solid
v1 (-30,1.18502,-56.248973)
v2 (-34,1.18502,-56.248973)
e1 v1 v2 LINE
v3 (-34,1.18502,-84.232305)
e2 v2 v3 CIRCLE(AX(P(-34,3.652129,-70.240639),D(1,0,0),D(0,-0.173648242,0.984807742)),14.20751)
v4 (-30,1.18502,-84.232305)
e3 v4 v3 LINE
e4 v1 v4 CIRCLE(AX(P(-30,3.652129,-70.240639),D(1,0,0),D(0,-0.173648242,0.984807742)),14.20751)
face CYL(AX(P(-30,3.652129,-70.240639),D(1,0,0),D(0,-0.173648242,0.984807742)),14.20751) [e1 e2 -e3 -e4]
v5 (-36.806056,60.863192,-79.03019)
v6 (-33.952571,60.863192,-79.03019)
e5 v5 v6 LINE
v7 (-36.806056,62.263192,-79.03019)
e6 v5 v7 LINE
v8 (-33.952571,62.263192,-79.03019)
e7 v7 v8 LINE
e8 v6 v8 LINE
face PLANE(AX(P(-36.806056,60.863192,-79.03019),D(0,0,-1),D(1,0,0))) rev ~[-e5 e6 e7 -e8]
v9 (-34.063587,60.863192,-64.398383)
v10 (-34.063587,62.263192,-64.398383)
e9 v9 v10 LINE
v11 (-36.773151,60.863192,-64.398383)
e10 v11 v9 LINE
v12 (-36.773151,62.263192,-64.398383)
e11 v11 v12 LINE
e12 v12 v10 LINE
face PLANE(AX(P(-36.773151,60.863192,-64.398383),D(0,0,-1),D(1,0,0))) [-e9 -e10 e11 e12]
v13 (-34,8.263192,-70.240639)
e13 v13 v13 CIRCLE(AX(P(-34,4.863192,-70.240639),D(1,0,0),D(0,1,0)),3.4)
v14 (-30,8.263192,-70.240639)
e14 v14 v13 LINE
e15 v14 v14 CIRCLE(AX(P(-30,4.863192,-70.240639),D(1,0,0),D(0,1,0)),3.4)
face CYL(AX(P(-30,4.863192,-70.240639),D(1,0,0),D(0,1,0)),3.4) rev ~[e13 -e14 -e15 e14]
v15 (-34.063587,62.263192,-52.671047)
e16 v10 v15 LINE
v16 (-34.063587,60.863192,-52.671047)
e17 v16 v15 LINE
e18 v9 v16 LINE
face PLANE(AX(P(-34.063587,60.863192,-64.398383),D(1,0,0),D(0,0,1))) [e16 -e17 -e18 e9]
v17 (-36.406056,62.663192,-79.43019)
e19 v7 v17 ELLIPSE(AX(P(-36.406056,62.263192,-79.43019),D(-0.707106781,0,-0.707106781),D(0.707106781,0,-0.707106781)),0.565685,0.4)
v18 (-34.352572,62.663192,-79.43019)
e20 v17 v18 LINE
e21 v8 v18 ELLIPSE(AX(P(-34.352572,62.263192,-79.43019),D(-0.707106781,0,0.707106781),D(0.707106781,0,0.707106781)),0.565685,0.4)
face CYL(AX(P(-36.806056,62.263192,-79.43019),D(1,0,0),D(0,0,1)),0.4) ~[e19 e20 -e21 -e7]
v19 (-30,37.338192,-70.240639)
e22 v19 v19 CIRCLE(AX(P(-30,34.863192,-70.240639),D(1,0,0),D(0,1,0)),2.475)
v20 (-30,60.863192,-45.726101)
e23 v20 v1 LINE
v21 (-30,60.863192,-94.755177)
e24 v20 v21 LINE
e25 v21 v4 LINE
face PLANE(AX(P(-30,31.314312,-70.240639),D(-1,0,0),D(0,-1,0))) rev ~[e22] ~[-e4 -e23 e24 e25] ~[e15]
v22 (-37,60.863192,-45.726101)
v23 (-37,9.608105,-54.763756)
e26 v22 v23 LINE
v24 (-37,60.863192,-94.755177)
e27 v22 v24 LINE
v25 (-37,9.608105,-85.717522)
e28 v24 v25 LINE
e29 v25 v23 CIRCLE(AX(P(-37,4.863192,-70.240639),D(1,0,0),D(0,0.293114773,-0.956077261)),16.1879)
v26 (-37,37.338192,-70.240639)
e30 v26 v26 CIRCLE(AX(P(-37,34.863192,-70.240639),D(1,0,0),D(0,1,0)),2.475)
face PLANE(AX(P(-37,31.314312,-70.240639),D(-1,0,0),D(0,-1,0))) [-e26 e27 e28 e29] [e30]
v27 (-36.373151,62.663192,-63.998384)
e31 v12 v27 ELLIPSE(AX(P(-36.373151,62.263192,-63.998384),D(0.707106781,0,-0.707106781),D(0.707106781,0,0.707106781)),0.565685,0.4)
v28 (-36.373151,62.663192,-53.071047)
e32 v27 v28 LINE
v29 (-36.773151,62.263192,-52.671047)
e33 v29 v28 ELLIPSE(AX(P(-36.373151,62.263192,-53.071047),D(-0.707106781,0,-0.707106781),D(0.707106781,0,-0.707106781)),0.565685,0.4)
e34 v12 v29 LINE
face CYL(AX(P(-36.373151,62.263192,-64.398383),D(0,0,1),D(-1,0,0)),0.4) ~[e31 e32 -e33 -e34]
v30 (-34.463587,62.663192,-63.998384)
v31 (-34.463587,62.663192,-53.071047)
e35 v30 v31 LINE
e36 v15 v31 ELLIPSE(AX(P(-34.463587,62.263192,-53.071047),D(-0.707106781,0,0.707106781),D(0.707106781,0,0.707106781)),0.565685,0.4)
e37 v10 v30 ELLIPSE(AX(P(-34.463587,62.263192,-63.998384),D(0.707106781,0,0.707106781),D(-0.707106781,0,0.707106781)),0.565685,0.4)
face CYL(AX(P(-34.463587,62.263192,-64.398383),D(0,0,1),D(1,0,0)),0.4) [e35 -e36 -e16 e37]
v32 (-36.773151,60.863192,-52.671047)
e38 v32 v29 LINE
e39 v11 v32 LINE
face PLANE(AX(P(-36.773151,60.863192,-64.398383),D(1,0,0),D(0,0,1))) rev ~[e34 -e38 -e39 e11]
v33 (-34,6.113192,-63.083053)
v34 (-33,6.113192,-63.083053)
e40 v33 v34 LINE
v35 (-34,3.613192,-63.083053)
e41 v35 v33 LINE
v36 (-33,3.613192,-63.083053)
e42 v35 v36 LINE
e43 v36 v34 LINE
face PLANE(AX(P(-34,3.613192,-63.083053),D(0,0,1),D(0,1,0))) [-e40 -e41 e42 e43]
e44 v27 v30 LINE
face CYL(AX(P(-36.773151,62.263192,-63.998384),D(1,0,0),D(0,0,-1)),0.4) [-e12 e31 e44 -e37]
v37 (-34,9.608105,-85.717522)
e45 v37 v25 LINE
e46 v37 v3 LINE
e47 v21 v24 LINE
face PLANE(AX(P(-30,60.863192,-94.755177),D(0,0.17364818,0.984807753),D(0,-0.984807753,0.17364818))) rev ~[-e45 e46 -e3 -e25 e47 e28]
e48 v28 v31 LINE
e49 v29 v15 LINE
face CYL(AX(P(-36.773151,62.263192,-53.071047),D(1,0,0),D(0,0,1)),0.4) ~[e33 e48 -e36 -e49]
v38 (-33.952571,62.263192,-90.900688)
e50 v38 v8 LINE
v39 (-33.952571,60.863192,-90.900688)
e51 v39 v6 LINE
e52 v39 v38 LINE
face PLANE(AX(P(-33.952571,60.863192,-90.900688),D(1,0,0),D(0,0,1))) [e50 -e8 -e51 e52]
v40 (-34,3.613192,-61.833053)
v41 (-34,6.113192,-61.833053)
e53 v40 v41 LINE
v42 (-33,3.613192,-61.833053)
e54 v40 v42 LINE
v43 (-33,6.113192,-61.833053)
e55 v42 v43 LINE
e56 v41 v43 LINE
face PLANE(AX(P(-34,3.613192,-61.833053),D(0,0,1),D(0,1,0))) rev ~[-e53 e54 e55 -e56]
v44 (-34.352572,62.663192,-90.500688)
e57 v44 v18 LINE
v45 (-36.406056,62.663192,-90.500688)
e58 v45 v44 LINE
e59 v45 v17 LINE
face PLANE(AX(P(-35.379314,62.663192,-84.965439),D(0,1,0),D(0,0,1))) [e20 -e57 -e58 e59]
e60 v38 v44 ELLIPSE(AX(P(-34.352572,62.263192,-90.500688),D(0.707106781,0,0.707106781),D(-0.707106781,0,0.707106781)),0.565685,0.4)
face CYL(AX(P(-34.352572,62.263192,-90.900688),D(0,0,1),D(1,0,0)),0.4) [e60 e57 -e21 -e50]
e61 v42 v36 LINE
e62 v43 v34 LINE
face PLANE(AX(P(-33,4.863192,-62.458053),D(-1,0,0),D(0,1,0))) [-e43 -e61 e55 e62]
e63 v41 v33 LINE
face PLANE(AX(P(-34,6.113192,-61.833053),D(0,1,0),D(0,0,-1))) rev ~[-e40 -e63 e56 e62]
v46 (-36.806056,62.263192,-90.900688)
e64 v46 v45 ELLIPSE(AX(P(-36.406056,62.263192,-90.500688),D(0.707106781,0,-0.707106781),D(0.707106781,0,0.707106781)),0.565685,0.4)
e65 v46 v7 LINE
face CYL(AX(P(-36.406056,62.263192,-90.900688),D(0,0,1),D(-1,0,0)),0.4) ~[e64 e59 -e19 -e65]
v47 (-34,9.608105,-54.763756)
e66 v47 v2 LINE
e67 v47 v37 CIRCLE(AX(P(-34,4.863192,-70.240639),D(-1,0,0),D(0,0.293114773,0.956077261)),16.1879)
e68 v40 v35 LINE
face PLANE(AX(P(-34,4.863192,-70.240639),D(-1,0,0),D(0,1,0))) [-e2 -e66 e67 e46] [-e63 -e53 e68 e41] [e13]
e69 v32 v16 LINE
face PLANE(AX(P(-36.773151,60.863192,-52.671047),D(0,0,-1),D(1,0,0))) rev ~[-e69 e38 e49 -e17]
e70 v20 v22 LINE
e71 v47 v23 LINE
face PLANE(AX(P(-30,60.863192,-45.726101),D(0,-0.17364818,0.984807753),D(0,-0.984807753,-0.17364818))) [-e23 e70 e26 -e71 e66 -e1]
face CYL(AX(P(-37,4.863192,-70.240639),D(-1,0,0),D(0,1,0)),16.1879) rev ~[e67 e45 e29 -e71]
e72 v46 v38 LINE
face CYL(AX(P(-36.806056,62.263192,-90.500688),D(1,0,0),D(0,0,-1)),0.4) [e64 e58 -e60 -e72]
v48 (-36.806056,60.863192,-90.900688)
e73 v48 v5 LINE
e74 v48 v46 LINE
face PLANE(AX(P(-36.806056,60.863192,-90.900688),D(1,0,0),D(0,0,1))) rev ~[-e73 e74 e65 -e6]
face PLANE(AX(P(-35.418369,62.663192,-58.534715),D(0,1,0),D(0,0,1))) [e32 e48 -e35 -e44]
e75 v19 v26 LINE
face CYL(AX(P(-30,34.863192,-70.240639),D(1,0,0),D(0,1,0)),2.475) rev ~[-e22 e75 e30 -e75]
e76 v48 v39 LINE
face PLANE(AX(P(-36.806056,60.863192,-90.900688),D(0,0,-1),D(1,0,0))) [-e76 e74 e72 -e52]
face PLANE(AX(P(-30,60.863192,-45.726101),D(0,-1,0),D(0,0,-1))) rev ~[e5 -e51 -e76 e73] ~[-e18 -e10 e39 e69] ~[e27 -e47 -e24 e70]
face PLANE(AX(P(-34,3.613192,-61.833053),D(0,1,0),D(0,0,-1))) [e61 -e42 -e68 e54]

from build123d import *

# Parameters (mm, degrees)
SKETCH035_R     = 2.475
SKETCH035_R_2   = 3.4
PAD019_DEPTH    = 7
SKETCH036_W     = 11.870498
SKETCH036_H     = 2.853485
SKETCH036_W_2   = 11.727337
SKETCH036_H_2   = 2.709564
PAD020_DEPTH    = 1.8
SKETCH037_R     = 16.1879
POCKET019_DEPTH = 3
SKETCH038_W     = 2.5
SKETCH038_H     = 1.25
POCKET020_DEPTH = 1
FILLET003_R     = 0.4


with BuildPart() as part:
    # Sketch035 (on DatumPlane) → Pad019 (new body)
    with BuildSketch(Plane.YZ.offset(-30)):
        with BuildLine():
            Line((60.863192, -45.726101), (60.863192, -94.755177))
            Line((60.863192, -94.755177), (1.18502, -84.232305))
            ThreePointArc((1.18502, -56.248973), (-10.555381, -70.240639), (1.18502, -84.232305))
            Line((60.863192, -45.726101), (1.18502, -56.248973))
        make_face()
        with Locations((34.863192, -70.240639)):
            Circle(SKETCH035_R, mode=Mode.SUBTRACT)
        with Locations((4.863192, -70.240639)):
            Circle(SKETCH035_R_2, mode=Mode.SUBTRACT)
    extrude(amount=-PAD019_DEPTH)

    # Sketch036 (on Face1 of Pad019) → Pad020 (join)
    with BuildSketch(Plane.ZX.offset(60.863192)):
        with Locations((-84.965439, -35.379314)):
            Rectangle(SKETCH036_W, SKETCH036_H)
        with Locations((-58.534715, -35.418369)):
            Rectangle(SKETCH036_W_2, SKETCH036_H_2)
    extrude(amount=PAD020_DEPTH)

    # Sketch037 (on Face4 of Pad020) → Pocket019 (cut)
    with BuildSketch(Plane(origin=(-37, 0, 0), x_dir=(0, 1, 0), z_dir=(-1, 0, 0))):
        with Locations((4.863192, 70.240639)):
            Circle(SKETCH037_R)
    extrude(amount=-POCKET019_DEPTH, mode=Mode.SUBTRACT)

    # Sketch038 (on Face15 of Pocket019) → Pocket020 (cut)
    with BuildSketch(Plane(origin=(-34, 0, 0), x_dir=(0, 1, 0), z_dir=(-1, 0, 0))):
        with Locations((4.863192, 62.458053)):
            Rectangle(SKETCH038_W, SKETCH038_H)
    extrude(amount=-POCKET020_DEPTH, mode=Mode.SUBTRACT)

    # Fillet003
    fillet003_edges = [part.edges().sort_by_distance(p)[0] for p in [
        (-34.063587, 62.663192, -58.534716),
        (-35.418369, 62.663192, -52.671047),
        (-36.773151, 62.663192, -58.534716),
        (-35.418369, 62.663192, -64.398384),
        (-33.952572, 62.663192, -84.965439),
        (-35.379314, 62.663192, -79.03019),
        (-36.806057, 62.663192, -84.965439),
        (-35.379314, 62.663192, -90.900688),
    ]]
    fillet(fillet003_edges, radius=FILLET003_R)


solid = part.part
